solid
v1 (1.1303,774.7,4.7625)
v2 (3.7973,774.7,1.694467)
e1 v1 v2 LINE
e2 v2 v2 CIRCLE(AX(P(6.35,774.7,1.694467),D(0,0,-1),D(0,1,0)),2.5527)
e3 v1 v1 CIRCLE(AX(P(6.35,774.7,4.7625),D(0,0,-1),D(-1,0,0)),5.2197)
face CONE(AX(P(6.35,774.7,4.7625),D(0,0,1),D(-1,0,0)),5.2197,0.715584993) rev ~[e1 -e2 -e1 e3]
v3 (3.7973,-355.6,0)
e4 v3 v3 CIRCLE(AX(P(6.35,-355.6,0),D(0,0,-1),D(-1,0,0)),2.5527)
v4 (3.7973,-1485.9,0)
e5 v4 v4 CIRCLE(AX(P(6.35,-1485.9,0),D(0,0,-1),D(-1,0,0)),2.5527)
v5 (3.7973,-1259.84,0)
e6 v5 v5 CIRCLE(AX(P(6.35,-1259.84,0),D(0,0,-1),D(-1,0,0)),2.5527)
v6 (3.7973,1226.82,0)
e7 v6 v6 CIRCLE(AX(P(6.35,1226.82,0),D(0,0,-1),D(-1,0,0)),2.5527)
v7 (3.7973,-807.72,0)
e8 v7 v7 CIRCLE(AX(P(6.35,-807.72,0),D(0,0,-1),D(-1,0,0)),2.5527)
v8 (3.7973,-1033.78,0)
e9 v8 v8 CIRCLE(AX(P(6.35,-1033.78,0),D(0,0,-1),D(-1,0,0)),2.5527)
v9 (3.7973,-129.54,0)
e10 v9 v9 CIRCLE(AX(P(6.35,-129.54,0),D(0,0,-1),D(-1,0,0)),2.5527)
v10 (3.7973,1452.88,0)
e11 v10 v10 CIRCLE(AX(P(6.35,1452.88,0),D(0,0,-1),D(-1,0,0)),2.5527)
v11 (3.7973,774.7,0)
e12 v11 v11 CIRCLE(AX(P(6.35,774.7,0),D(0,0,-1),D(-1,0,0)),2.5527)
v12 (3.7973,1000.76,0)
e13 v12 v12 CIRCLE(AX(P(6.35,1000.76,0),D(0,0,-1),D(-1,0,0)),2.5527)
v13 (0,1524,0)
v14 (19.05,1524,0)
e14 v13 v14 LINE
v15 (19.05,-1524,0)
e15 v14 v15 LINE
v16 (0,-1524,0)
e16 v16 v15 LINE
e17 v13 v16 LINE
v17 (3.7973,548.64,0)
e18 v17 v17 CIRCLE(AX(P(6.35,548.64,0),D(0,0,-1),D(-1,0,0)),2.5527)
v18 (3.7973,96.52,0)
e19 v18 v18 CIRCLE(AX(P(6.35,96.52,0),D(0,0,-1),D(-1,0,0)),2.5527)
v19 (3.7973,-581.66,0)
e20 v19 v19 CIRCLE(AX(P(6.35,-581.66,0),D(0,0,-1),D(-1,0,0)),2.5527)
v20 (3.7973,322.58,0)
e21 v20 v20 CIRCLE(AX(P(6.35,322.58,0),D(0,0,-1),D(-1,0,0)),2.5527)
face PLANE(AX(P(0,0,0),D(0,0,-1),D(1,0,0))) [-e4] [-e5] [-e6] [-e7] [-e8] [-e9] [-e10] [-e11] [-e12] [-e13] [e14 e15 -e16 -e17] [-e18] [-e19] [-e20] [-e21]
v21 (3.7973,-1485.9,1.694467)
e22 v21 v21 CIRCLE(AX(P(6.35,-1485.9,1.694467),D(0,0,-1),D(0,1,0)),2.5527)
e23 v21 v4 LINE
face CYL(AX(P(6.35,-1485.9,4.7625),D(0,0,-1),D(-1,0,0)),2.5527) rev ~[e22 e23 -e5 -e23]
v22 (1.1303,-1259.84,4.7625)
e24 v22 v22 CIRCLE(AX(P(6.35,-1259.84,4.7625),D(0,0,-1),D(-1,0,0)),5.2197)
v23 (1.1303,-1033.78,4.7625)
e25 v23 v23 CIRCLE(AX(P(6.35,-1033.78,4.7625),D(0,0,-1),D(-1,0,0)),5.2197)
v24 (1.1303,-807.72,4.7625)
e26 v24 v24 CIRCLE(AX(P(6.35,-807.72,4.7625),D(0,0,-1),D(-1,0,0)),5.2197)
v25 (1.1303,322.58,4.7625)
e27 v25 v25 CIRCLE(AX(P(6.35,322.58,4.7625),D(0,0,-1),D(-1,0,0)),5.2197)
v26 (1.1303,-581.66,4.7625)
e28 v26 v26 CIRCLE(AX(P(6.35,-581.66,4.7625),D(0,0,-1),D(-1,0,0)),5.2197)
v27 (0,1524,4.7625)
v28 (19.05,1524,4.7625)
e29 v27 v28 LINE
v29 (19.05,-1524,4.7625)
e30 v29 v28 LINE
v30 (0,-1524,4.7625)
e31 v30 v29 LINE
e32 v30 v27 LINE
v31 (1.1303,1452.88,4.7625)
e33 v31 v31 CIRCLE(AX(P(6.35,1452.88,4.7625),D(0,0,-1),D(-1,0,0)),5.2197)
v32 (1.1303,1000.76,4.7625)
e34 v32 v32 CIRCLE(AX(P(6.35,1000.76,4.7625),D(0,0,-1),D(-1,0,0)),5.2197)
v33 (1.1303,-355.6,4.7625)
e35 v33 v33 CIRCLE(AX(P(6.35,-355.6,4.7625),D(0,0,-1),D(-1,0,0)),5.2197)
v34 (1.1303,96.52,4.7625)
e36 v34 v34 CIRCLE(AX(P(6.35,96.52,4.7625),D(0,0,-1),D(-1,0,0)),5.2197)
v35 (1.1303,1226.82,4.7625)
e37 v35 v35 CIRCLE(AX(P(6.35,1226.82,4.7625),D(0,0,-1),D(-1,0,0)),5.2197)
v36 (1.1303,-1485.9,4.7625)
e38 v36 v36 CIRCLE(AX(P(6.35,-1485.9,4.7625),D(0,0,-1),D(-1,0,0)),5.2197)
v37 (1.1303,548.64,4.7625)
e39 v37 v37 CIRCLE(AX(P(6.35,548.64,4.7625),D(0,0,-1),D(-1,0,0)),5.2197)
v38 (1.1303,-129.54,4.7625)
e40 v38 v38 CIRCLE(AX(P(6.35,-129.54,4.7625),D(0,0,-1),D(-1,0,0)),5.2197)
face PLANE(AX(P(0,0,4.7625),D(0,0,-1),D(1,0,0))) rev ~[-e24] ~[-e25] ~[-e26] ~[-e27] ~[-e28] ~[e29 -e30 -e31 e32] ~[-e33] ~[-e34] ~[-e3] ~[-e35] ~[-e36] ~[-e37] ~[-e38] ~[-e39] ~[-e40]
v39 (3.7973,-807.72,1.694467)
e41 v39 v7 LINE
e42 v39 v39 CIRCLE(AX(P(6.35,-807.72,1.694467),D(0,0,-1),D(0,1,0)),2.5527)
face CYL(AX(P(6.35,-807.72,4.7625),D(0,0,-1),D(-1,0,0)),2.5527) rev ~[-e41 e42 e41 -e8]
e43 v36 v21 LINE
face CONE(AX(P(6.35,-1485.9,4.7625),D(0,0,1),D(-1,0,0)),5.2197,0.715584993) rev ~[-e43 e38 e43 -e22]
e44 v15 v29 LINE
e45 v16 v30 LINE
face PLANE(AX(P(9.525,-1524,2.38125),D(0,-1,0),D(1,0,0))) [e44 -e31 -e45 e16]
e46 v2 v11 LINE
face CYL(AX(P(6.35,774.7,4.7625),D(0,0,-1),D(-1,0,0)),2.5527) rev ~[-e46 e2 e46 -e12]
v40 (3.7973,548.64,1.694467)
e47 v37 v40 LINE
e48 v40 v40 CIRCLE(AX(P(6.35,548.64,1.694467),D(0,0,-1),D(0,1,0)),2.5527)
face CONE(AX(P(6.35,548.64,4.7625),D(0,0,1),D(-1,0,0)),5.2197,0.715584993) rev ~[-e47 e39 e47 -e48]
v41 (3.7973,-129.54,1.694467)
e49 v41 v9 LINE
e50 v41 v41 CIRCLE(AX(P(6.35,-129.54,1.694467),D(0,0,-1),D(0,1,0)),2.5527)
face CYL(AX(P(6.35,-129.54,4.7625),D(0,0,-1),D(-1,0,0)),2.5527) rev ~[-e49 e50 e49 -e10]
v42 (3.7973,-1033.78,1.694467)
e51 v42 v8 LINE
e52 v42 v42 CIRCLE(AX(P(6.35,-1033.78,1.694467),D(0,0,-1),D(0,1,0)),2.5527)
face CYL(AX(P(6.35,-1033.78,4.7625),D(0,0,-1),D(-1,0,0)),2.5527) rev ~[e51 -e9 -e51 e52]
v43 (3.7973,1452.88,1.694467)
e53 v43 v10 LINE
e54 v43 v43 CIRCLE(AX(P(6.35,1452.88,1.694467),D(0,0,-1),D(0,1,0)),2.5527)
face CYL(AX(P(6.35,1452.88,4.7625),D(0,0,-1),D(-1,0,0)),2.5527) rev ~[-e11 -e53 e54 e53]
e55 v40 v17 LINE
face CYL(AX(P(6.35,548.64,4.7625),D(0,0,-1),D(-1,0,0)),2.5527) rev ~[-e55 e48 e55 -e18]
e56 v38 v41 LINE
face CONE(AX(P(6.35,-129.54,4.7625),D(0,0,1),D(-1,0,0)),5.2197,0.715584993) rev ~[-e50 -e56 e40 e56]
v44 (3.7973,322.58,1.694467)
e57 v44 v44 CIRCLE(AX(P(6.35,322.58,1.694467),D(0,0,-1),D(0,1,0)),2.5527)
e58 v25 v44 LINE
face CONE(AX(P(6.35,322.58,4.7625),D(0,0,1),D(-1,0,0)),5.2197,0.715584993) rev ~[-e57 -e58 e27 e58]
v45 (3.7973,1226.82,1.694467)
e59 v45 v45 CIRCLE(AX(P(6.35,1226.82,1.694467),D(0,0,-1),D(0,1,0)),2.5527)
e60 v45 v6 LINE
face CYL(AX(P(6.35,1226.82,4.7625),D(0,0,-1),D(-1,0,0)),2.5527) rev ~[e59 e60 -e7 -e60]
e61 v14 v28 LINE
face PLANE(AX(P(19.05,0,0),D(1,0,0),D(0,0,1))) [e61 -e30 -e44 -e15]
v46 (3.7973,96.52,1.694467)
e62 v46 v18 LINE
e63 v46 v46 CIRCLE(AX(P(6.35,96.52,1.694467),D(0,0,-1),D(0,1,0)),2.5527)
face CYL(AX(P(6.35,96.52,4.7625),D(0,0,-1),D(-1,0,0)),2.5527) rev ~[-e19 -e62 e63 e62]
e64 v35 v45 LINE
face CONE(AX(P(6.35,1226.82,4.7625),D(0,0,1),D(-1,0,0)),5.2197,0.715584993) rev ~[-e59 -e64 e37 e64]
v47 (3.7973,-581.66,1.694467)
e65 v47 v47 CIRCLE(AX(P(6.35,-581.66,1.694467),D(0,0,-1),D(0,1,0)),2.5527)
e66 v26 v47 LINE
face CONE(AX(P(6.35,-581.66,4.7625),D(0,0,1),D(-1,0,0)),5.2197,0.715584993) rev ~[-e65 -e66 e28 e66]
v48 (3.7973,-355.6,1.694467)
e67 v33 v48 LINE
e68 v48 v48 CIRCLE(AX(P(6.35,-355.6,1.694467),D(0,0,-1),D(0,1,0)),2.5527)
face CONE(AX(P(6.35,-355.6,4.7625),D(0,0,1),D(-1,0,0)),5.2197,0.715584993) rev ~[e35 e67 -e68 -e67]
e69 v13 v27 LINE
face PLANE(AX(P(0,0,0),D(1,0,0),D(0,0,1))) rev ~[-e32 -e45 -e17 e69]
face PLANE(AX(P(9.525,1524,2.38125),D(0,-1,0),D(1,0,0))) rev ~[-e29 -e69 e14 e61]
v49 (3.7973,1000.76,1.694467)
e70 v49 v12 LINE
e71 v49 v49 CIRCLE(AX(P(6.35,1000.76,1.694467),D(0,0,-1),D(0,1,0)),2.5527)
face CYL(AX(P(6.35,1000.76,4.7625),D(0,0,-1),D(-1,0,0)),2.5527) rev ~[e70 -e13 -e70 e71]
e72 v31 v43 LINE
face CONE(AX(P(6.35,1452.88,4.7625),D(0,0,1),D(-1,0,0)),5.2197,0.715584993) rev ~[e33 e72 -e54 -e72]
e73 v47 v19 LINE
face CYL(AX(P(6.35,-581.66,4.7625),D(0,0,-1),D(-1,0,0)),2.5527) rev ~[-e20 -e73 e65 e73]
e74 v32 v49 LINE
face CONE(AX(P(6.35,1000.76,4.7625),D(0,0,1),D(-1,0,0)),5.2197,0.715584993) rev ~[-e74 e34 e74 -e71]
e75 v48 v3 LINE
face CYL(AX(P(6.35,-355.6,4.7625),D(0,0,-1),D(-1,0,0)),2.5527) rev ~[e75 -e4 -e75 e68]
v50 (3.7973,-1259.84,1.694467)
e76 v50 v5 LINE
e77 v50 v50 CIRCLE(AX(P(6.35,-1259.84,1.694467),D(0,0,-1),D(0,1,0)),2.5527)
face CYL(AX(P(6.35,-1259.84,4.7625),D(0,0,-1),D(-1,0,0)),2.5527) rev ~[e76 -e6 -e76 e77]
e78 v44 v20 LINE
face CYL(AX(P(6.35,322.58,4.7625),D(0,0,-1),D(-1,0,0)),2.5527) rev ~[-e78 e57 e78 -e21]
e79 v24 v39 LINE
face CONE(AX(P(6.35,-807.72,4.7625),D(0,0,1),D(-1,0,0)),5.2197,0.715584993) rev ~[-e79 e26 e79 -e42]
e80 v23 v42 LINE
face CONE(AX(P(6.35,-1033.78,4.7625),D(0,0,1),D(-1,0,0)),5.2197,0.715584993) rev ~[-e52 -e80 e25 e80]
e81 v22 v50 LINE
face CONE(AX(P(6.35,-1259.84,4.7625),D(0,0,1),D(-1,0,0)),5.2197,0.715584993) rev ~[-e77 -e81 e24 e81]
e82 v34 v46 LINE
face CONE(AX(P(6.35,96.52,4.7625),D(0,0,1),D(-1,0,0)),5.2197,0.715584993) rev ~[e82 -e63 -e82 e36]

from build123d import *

# Parameters (mm, degrees)
F0_W           = 19.05
F0_H           = 4.7625
F1_DEPTH       = 1524
F3_D           = 5.1054
F3_CSINK_D     = 10.4394
F3_CSINK_ANGLE = 82


with BuildPart() as f1:
    # F0 (on Front) → F1 (new body, symmetric)
    with BuildSketch(Plane.XZ):
        with Locations((9.525, 2.38125)):
            Rectangle(F0_W, F0_H)
    extrude(amount=F1_DEPTH, both=True)

    # F3 (through all)
    with Locations(Plane.XY.offset(4.7625)):
        with Locations((6.35, 1452.88), (6.35, 1226.82), (6.35, 774.7), (6.35, 1000.76), (6.35, -807.72), (6.35, -581.66), (6.35, -355.6), (6.35, 548.64), (6.35, -129.54), (6.35, 96.52), (6.35, 322.58), (31.75, -1485.9), (6.35, -1485.9), (6.35, -1259.84), (6.35, -1033.78)):
            CounterSinkHole(F3_D / 2, F3_CSINK_D / 2, counter_sink_angle=F3_CSINK_ANGLE)


solid = f1.part
